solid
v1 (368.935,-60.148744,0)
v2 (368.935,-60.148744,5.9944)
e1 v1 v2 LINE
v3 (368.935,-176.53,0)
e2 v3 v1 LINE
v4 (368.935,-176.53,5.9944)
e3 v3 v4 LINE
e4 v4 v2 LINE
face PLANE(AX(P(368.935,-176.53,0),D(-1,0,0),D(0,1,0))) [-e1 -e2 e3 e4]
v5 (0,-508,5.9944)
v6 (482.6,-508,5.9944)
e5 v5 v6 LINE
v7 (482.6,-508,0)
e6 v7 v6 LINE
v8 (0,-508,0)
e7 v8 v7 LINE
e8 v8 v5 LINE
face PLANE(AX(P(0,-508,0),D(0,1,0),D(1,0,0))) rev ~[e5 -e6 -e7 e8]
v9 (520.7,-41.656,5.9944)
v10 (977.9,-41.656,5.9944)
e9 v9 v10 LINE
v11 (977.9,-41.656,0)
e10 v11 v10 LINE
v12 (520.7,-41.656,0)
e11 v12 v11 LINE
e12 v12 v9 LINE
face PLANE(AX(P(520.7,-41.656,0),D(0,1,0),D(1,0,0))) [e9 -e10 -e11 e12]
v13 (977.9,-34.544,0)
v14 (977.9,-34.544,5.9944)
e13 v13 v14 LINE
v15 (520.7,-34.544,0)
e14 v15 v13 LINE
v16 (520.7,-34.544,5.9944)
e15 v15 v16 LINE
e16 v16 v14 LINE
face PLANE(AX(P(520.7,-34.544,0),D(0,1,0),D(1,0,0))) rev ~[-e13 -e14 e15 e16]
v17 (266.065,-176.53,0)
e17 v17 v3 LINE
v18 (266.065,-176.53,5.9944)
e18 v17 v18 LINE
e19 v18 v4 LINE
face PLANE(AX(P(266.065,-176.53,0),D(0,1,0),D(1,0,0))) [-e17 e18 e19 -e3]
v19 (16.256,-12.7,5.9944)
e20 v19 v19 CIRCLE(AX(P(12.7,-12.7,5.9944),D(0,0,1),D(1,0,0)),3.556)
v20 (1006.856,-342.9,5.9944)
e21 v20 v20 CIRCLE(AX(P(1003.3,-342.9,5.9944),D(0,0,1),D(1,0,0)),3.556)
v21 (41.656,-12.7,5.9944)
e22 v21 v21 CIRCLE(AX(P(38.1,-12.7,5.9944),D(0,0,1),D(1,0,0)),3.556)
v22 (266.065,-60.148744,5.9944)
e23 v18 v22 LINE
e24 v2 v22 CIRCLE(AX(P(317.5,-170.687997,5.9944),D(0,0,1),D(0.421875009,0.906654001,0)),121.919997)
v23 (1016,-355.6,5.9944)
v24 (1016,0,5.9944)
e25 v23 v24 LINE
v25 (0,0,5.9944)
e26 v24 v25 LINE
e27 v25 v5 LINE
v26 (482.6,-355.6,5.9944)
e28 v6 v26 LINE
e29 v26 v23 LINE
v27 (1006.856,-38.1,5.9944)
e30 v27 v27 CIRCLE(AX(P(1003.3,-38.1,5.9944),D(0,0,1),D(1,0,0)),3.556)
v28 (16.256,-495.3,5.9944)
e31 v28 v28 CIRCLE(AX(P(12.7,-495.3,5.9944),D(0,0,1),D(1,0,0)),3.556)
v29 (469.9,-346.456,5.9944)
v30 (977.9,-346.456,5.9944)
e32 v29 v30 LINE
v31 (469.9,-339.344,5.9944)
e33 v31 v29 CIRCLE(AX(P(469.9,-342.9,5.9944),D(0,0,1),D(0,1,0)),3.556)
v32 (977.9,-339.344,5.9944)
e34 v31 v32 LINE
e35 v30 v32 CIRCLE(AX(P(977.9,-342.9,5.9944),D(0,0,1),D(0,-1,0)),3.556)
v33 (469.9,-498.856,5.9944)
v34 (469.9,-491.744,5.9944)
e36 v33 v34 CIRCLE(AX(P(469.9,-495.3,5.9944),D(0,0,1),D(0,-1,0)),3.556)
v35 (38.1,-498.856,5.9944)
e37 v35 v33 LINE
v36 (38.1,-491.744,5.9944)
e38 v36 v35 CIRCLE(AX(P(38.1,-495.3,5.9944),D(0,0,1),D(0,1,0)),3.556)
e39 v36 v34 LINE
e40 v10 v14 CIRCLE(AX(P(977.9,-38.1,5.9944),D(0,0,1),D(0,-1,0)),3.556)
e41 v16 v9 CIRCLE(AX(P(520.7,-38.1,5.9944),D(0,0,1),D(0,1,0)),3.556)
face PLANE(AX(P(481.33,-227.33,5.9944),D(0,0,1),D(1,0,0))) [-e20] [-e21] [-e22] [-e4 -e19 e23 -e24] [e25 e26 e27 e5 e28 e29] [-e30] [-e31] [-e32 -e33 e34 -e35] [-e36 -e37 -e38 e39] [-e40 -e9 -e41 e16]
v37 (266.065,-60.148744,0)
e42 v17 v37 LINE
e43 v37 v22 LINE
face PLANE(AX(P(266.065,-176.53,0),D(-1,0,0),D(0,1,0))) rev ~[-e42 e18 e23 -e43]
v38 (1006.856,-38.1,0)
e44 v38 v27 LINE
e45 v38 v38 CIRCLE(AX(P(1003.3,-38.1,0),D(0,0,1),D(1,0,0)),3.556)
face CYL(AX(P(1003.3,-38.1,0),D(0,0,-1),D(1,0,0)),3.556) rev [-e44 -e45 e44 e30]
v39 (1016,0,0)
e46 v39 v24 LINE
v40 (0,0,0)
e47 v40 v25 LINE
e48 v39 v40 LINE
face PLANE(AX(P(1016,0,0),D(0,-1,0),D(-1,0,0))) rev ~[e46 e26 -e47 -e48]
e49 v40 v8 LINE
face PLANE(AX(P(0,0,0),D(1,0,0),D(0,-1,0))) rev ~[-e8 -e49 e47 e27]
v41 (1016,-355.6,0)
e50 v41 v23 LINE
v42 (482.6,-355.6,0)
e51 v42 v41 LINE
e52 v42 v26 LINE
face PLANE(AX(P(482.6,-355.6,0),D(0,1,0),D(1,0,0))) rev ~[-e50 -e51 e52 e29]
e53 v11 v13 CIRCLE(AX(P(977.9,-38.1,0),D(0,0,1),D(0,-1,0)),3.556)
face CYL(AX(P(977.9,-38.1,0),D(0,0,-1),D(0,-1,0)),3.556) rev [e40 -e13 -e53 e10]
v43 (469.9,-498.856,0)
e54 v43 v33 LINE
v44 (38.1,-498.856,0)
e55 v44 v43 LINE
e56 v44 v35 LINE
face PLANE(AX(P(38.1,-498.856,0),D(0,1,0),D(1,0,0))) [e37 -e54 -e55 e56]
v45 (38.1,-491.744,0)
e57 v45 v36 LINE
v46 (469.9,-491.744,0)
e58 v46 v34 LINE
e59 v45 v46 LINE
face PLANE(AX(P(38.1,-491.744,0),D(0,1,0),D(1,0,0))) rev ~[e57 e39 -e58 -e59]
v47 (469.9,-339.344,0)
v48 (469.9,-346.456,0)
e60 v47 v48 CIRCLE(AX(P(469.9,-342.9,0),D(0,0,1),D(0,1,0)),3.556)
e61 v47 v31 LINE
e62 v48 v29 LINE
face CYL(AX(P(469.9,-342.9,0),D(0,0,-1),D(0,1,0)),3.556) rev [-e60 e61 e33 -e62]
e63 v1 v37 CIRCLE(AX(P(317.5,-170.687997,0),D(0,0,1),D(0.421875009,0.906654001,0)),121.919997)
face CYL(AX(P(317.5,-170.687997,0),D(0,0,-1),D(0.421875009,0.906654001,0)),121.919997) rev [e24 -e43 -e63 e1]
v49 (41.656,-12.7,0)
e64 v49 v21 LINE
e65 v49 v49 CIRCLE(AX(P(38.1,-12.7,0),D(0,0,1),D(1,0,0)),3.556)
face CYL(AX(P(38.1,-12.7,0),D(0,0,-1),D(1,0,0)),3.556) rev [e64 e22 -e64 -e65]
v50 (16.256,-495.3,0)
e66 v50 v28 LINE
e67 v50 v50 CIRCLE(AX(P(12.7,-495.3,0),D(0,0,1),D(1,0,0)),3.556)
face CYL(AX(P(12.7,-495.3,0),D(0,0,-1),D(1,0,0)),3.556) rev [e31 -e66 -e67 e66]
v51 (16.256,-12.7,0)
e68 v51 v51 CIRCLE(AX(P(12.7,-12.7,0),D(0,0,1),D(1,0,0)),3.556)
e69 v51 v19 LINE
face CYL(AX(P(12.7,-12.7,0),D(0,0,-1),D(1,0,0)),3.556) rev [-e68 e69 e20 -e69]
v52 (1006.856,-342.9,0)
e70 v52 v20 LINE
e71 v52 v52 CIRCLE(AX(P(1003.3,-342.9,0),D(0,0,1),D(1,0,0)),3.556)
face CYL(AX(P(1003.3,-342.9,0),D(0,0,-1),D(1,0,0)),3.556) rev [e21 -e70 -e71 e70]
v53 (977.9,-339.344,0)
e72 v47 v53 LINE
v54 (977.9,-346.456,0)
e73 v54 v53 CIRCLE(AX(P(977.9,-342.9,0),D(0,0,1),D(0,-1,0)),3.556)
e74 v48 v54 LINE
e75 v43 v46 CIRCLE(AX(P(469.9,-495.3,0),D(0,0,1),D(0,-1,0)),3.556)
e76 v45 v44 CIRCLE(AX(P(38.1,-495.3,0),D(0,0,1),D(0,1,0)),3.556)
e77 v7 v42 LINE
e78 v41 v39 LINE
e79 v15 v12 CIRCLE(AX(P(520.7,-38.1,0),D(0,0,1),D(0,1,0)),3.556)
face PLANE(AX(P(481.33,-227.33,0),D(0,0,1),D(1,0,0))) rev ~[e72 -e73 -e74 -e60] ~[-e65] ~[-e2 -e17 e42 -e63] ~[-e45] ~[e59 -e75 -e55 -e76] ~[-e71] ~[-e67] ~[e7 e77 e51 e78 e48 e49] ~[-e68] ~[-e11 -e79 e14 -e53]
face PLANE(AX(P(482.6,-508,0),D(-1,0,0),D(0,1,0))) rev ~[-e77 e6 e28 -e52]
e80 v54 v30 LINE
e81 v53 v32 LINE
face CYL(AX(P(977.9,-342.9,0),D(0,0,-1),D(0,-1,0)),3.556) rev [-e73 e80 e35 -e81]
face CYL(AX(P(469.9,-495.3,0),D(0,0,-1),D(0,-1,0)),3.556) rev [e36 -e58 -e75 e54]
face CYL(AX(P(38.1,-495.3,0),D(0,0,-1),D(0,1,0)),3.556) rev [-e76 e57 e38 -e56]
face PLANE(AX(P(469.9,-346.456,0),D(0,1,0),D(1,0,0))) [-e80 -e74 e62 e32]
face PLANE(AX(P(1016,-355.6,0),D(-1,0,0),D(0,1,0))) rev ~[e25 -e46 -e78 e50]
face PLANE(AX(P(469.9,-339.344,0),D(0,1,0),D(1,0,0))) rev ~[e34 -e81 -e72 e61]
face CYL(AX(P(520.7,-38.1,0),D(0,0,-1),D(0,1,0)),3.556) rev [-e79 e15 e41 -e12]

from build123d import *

# Parameters (mm, degrees)
SKETCH_R      = 3.556
EXTRUDE_DEPTH = 5.9944


with BuildPart() as part:
    # Sketch → Extrude (new body)
    with BuildSketch(Plane.XY):
        Polygon((0, -508), (482.6, -508), (482.6, -355.6), (1016, -355.6), (1016, 0), (0, 0), align=None)
        with Locations((12.7, -12.7)):
            Circle(SKETCH_R, mode=Mode.SUBTRACT)
        with Locations((38.1, -12.7)):
            Circle(SKETCH_R, mode=Mode.SUBTRACT)
        with Locations((1003.3, -38.1)):
            Circle(SKETCH_R, mode=Mode.SUBTRACT)
        with Locations((1003.3, -342.9)):
            Circle(SKETCH_R, mode=Mode.SUBTRACT)
        with Locations((12.7, -495.3)):
            Circle(SKETCH_R, mode=Mode.SUBTRACT)
        with BuildLine():
            Line((266.065, -176.53), (368.935, -176.53))
            Line((368.935, -176.53), (368.935, -60.148744))
            ThreePointArc((368.935, -60.148744), (317.5, -48.768), (266.065, -60.148744))
            Line((266.065, -176.53), (266.065, -60.148744))
        make_face(mode=Mode.SUBTRACT)
        with BuildLine():
            Line((469.9, -346.456), (977.9, -346.456))
            ThreePointArc((977.9, -346.456), (981.456, -342.9), (977.9, -339.344))
            Line((469.9, -339.344), (977.9, -339.344))
            ThreePointArc((469.9, -339.344), (466.344, -342.9), (469.9, -346.456))
        make_face(mode=Mode.SUBTRACT)
        with BuildLine():
            Line((520.7, -34.544), (977.9, -34.544))
            ThreePointArc((977.9, -41.656), (981.456, -38.1), (977.9, -34.544))
            Line((520.7, -41.656), (977.9, -41.656))
            ThreePointArc((520.7, -34.544), (517.144, -38.1), (520.7, -41.656))
        make_face(mode=Mode.SUBTRACT)
        with BuildLine():
            Line((38.1, -491.744), (469.9, -491.744))
            ThreePointArc((469.9, -498.856), (473.456, -495.3), (469.9, -491.744))
            Line((38.1, -498.856), (469.9, -498.856))
            ThreePointArc((38.1, -491.744), (34.544, -495.3), (38.1, -498.856))
        make_face(mode=Mode.SUBTRACT)
    extrude(amount=EXTRUDE_DEPTH)


solid = part.part
